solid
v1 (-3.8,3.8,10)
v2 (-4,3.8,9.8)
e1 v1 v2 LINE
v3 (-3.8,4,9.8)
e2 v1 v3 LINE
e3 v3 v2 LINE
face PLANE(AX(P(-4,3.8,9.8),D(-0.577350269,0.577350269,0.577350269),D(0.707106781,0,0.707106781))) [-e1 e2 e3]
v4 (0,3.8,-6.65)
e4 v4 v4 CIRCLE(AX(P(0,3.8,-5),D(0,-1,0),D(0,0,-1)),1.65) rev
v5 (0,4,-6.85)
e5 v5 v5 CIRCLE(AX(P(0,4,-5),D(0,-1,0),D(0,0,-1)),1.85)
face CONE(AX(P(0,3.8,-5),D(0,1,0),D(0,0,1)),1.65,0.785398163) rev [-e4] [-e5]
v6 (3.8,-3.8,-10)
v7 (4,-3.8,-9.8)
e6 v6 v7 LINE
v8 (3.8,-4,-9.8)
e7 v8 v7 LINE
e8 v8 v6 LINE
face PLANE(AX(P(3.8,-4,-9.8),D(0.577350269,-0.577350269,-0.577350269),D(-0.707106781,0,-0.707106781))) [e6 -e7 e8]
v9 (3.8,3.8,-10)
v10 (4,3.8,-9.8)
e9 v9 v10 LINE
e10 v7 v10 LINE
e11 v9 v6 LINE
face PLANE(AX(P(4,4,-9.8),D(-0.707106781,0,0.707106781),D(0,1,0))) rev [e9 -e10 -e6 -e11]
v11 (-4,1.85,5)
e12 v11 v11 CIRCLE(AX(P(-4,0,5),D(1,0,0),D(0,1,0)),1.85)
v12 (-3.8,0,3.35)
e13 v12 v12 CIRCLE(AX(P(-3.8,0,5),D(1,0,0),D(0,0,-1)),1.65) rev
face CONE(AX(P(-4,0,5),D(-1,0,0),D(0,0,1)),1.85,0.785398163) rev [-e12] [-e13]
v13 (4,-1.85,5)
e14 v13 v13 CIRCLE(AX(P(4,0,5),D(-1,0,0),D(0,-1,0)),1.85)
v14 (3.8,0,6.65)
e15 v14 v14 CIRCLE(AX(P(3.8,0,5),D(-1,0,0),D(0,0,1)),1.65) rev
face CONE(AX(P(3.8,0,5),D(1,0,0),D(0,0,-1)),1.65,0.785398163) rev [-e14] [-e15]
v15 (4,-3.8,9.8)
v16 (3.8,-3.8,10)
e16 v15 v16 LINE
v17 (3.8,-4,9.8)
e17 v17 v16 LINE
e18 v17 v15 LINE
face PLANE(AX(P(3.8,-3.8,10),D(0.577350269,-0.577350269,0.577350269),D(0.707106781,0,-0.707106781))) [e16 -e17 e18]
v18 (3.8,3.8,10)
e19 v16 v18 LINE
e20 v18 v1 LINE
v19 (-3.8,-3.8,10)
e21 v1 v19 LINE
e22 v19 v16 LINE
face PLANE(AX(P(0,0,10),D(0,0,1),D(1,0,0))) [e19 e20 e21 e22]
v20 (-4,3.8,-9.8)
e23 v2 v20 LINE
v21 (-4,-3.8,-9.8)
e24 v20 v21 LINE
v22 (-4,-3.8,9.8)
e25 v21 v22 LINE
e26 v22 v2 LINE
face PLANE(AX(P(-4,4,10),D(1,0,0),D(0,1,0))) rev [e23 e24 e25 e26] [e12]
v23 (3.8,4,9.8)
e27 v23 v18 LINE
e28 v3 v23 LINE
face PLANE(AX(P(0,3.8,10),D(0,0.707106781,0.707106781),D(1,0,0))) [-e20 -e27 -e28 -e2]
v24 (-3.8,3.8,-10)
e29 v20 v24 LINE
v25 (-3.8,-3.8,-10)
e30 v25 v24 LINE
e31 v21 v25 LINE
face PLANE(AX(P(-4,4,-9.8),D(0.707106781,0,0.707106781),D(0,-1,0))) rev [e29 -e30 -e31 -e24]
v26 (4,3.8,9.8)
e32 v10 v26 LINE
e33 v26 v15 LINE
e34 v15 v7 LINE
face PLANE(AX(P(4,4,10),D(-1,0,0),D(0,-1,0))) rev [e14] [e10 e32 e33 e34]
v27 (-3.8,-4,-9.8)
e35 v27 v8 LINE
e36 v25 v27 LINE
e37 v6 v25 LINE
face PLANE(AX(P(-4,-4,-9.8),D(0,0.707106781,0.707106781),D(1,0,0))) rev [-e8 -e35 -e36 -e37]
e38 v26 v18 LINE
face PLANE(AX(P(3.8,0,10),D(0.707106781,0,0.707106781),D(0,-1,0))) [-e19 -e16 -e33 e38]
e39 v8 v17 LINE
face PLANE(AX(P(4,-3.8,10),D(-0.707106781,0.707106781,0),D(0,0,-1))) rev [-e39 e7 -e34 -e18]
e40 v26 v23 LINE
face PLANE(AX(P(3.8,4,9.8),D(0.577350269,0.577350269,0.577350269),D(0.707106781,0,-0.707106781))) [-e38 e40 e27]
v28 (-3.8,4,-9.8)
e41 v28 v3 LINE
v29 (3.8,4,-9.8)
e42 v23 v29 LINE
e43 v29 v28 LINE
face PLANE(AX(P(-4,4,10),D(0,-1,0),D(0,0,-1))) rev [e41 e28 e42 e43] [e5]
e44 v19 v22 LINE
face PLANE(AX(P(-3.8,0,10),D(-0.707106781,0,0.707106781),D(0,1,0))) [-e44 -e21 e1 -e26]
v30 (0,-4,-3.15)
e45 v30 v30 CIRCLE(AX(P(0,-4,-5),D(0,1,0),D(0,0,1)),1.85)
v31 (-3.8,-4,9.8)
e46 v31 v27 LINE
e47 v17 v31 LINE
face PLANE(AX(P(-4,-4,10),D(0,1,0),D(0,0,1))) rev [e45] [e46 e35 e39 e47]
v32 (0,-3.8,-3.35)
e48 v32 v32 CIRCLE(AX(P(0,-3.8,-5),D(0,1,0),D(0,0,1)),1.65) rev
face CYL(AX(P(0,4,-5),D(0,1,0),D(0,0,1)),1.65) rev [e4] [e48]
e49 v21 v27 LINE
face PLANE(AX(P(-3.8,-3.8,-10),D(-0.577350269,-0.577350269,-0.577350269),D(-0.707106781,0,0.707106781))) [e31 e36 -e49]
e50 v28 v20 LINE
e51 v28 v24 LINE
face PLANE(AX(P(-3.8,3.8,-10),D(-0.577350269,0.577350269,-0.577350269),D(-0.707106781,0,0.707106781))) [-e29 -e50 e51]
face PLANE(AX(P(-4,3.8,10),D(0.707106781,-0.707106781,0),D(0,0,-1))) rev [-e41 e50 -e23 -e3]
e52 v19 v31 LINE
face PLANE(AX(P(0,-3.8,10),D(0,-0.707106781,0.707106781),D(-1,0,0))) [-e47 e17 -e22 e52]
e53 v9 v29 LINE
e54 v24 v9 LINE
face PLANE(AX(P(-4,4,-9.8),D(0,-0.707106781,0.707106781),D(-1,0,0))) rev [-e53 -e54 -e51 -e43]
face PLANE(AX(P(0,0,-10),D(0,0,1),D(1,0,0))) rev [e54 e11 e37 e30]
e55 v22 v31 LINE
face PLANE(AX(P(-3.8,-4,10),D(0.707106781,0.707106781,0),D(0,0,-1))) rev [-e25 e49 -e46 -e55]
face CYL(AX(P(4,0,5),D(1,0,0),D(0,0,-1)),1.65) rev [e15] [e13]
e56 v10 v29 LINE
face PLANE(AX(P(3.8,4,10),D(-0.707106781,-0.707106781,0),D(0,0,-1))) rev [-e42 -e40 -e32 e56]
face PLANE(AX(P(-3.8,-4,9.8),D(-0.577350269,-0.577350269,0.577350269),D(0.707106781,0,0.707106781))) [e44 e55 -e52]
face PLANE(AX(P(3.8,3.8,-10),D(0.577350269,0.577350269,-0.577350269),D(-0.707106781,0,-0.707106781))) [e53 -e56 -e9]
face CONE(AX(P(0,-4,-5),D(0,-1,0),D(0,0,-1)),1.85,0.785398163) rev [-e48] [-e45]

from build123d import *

# Parameters (mm, degrees)
SKETCH_1_W         = 8
SKETCH_1_H         = 8
EXTRUDE_1_DEPTH    = 10
HOLE_WIZARD_M4_1_D = 3.3
HOLE_WIZARD_M4_2_D = 3.3
CHAMFER_1_SIZE     = 0.2


with BuildPart() as part:
    # 草图1 → 凸台-拉伸1 (new, symmetric)
    with BuildSketch(Plane.XY):
        Rectangle(SKETCH_1_W, SKETCH_1_H)
    extrude(amount=EXTRUDE_1_DEPTH, both=True)

    # M4 螺纹孔1 (through all)
    with Locations(Plane(origin=(4, 0, 0), x_dir=(0, 0, -1), z_dir=(1, 0, 0))):
        with Locations((-5, 0)):
            Hole(HOLE_WIZARD_M4_1_D / 2)

    # M4 螺纹孔2 (through all)
    with Locations(Plane(origin=(0, 4, 0), x_dir=(1, 0, 0), z_dir=(0, 1, 0))):
        with Locations((0, 5)):
            Hole(HOLE_WIZARD_M4_2_D / 2)

    # 倒角1
    chamfer_1_edges = [part.edges().sort_by_distance(p)[0] for p in [
        (-4, 0, 10),
        (4, 0, 3.35),
        (-4, 0, 3.35),
        (0, -4, 10),
        (1.65, 4, -5),
        (1.65, -4, -5),
        (4, 0, 10),
        (0, -4, -10),
        (-4, 0, -10),
        (0, 4, -10),
        (4, 0, -10),
        (4, -4, 0),
        (-4, -4, 0),
        (-4, 4, 0),
        (4, 4, 0),
        (0, 4, 10),
    ]]
    chamfer(chamfer_1_edges, length=CHAMFER_1_SIZE)


solid = part.part
